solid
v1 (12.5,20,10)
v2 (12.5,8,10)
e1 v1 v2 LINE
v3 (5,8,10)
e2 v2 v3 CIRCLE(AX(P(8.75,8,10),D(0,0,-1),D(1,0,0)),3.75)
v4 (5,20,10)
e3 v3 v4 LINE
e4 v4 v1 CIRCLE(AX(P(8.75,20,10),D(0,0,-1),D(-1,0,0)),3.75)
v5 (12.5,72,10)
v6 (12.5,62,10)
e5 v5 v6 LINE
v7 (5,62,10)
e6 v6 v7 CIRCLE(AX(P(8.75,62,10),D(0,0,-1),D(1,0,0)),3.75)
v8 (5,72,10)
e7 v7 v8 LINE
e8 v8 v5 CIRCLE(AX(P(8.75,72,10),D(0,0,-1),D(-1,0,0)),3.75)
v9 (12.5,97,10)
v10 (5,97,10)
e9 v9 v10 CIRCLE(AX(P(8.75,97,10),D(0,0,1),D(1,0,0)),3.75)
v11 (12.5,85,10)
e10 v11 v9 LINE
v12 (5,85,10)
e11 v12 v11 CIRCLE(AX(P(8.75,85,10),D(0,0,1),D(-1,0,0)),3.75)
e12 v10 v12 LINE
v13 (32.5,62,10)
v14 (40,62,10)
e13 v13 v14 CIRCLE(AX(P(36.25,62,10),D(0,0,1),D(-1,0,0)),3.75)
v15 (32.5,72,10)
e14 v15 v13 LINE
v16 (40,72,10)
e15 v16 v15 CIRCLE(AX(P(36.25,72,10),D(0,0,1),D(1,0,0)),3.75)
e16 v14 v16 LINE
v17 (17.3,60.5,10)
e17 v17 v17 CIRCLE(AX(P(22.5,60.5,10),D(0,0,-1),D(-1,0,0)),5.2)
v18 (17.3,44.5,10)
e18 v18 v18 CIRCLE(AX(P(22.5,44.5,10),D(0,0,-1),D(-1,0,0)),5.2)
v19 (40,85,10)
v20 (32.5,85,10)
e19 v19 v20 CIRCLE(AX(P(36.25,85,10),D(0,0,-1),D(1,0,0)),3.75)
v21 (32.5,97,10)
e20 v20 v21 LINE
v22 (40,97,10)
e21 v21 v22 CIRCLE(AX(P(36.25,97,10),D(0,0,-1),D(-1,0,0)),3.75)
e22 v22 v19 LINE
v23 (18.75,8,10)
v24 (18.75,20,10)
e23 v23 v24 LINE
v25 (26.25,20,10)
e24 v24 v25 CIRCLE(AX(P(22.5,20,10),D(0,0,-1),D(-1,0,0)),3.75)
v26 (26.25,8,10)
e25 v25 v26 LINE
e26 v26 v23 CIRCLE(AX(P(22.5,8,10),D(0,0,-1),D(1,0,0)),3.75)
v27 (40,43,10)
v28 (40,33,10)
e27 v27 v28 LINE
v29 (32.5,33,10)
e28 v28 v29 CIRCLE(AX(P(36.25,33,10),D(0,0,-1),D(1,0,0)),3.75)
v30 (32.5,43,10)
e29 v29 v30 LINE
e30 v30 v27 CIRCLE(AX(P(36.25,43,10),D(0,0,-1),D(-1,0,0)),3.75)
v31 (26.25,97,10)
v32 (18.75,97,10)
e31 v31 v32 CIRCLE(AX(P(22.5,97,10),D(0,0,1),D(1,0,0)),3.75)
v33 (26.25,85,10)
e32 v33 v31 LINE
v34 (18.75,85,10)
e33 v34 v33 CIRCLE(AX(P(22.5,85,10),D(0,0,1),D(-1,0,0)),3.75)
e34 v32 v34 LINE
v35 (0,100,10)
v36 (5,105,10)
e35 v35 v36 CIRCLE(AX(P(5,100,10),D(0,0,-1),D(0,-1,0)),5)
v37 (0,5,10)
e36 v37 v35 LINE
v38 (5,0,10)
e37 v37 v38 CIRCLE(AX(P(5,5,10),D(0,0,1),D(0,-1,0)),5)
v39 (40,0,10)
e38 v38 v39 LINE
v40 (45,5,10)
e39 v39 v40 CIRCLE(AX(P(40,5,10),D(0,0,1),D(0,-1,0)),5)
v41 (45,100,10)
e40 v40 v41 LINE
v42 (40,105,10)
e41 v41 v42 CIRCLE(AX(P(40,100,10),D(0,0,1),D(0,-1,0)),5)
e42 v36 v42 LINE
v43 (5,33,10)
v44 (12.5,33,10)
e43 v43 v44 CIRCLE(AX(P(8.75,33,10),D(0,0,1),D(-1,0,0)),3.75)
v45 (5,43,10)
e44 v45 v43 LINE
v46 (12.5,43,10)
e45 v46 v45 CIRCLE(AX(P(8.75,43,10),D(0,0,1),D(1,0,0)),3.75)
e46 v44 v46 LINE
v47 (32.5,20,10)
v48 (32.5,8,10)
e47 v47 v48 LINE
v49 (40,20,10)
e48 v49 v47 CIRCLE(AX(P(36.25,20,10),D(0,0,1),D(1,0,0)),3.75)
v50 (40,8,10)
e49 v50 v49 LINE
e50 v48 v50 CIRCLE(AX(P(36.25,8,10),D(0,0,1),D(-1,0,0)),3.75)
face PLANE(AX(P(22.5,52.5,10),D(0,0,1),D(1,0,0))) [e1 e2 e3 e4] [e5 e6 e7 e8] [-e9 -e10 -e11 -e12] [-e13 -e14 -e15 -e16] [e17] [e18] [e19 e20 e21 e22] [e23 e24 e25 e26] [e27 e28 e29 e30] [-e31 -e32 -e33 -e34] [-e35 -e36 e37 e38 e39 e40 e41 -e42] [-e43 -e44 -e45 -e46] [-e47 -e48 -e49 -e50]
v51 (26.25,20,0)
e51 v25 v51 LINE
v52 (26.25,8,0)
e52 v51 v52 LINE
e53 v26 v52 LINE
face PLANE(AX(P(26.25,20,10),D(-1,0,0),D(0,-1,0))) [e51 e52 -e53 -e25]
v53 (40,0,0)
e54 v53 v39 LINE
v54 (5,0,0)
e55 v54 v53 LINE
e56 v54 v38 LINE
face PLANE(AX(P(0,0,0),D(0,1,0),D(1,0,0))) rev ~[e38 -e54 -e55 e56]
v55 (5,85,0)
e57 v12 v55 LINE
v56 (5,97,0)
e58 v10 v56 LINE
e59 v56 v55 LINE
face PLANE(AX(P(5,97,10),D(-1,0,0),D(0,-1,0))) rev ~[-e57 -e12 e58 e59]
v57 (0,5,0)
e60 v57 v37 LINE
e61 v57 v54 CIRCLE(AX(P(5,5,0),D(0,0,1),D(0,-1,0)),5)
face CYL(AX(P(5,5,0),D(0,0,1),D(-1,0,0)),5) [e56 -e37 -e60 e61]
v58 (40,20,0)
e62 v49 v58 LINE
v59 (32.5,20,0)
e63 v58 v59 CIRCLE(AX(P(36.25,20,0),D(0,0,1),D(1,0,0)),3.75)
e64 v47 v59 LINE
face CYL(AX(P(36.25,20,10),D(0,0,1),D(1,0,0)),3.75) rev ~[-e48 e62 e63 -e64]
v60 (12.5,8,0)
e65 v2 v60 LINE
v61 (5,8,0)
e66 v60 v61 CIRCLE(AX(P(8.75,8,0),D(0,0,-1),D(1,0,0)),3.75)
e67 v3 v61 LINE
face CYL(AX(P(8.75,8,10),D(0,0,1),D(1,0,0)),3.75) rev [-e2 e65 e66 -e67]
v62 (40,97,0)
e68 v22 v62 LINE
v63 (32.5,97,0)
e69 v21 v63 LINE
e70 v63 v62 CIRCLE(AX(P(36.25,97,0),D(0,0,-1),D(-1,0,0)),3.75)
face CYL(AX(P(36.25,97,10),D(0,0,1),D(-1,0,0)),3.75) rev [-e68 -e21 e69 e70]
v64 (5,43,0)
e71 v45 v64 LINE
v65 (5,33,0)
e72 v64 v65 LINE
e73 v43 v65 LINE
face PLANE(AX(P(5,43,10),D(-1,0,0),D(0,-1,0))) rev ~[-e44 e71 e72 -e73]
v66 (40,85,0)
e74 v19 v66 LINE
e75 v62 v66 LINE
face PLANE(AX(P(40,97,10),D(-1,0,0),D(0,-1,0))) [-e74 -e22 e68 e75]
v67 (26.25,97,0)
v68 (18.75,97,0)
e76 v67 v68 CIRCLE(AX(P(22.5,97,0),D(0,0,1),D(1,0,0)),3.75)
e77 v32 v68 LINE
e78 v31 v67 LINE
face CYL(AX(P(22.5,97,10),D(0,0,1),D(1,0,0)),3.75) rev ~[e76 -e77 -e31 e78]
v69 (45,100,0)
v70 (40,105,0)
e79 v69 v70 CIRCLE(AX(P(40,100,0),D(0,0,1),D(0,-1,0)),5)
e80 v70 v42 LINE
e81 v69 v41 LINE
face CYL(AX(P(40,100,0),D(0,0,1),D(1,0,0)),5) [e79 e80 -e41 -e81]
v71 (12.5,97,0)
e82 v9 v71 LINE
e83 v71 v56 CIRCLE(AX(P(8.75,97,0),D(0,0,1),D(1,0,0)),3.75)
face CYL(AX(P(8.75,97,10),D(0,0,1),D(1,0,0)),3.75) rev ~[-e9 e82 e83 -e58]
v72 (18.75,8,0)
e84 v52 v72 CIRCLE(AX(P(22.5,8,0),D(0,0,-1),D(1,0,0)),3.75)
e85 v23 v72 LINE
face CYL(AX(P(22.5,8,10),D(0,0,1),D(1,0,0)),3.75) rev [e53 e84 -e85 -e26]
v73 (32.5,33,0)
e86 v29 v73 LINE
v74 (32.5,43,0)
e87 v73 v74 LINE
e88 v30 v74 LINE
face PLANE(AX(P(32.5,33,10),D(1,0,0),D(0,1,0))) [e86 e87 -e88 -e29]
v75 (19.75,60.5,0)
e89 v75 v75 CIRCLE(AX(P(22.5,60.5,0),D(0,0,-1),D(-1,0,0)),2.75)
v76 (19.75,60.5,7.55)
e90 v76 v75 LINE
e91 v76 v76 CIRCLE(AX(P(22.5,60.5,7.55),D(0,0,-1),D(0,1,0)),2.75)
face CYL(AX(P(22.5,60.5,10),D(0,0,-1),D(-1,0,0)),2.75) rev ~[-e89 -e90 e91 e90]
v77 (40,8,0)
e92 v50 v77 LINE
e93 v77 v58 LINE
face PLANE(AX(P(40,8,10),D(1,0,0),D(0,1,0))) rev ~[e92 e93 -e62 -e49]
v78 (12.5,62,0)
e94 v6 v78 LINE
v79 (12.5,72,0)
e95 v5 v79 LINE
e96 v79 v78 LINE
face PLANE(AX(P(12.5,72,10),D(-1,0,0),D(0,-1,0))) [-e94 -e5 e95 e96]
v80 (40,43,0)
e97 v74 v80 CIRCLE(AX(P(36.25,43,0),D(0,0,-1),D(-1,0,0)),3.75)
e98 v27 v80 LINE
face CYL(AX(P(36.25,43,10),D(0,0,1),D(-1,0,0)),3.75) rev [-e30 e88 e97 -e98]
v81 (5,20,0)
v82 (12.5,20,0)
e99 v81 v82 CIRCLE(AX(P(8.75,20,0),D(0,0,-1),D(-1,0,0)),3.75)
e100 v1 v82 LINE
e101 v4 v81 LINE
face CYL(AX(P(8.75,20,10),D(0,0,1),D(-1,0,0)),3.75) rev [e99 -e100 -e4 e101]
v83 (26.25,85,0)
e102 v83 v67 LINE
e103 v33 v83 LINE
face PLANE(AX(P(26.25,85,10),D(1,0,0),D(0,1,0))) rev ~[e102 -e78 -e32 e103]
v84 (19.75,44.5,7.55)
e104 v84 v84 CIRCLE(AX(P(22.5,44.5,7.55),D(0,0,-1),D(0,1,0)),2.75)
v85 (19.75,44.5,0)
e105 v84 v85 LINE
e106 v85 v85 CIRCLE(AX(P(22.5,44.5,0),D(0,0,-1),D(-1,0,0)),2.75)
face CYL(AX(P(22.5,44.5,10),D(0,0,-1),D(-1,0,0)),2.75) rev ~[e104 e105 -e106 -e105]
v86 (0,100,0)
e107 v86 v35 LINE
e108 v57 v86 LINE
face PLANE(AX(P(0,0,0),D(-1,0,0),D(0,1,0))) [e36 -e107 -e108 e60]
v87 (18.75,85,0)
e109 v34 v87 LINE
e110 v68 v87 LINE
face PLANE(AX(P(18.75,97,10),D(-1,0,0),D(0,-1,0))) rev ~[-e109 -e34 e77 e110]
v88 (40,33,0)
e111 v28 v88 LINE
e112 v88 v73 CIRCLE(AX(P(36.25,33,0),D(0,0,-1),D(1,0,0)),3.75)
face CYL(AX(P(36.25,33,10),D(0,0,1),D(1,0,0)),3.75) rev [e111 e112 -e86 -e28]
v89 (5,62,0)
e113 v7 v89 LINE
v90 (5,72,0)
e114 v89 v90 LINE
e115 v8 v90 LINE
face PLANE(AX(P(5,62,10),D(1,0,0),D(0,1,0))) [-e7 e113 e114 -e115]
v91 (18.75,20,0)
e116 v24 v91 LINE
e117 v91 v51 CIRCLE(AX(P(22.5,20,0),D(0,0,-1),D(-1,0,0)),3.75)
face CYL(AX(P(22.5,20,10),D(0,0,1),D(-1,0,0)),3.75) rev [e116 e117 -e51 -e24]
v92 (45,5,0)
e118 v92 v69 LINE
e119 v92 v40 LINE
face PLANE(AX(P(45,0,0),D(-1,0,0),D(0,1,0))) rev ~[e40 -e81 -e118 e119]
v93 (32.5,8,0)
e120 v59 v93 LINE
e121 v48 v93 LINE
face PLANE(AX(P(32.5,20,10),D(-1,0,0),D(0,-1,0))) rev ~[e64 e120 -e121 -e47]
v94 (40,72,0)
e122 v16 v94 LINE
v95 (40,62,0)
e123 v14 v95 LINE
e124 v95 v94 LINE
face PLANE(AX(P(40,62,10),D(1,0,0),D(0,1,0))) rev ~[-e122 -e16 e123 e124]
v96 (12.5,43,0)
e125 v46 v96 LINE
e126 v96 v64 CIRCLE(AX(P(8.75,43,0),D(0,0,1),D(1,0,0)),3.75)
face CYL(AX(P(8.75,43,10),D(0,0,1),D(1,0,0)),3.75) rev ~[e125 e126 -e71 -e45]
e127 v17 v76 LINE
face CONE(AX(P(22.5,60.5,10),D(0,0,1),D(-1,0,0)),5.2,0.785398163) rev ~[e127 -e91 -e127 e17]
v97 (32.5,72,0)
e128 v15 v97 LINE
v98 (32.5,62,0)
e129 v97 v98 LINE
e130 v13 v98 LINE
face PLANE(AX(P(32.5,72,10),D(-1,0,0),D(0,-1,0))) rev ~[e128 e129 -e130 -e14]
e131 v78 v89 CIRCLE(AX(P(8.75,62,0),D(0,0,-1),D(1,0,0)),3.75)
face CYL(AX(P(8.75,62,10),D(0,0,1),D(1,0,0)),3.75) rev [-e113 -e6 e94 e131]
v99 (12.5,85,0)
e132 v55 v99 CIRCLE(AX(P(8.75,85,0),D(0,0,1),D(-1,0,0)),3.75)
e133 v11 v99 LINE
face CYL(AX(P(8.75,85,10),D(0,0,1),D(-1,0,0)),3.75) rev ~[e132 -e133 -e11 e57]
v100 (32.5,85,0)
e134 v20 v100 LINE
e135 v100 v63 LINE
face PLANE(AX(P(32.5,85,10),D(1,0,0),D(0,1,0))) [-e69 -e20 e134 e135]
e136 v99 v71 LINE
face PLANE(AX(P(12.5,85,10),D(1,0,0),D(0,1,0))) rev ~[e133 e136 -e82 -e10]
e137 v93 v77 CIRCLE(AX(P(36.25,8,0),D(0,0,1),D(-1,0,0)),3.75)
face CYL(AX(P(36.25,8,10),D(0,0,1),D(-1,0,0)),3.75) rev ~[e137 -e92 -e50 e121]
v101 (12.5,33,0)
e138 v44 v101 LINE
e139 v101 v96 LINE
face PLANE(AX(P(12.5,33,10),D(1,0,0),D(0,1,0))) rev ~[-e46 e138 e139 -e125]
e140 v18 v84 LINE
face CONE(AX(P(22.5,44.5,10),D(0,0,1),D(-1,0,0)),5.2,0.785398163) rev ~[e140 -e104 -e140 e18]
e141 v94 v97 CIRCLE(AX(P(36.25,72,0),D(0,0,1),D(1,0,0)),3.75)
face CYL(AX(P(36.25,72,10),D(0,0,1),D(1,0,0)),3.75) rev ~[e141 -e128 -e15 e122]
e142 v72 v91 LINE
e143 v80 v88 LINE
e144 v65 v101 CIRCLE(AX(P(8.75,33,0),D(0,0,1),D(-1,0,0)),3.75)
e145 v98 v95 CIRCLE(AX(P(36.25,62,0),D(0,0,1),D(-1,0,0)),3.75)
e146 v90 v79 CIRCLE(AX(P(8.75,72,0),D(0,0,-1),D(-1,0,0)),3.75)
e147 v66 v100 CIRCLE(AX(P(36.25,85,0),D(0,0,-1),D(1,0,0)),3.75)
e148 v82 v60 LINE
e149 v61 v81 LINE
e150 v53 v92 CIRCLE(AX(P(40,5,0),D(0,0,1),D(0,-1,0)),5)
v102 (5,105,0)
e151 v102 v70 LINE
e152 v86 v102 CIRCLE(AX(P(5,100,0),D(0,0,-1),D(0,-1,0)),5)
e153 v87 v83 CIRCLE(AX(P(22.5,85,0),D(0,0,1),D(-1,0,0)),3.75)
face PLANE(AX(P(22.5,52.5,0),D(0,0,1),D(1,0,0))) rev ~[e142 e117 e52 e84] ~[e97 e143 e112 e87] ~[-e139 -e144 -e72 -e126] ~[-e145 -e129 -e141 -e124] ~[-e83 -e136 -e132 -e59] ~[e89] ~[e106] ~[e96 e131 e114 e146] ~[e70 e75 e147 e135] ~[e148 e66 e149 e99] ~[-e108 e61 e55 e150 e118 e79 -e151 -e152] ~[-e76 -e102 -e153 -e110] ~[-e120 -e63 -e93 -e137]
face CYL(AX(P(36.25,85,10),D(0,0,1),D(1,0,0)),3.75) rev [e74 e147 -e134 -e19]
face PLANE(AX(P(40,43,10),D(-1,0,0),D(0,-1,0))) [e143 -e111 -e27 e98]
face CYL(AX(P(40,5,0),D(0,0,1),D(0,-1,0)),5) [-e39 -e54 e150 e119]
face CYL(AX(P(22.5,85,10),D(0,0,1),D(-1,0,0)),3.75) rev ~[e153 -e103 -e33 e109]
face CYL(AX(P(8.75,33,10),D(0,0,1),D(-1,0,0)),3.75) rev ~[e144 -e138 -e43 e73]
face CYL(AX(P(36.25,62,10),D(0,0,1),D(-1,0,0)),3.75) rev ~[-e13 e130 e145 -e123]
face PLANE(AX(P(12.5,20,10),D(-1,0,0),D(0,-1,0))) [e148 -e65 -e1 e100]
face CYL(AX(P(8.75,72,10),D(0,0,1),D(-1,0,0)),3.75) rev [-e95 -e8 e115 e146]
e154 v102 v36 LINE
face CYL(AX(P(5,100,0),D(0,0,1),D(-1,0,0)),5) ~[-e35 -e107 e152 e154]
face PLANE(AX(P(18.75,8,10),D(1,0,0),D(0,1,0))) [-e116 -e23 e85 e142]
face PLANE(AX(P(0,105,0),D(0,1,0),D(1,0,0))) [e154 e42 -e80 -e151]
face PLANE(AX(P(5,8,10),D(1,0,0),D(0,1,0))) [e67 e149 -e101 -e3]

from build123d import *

# Parameters (mm, degrees)
SKETCH1_W                                     = 45
SKETCH1_H                                     = 105
BOSS_EXTRUDE1_DEPTH                           = 10
FILLET1_R                                     = 5
CUT_EXTRUDE1_DEPTH                            = 10
CSK_FOR_M5_COUNTERSUNK_FLAT_HEAD1_D           = 5.5
CSK_FOR_M5_COUNTERSUNK_FLAT_HEAD1_DEPTH       = 30
CSK_FOR_M5_COUNTERSUNK_FLAT_HEAD1_CSINK_D     = 10.4
CSK_FOR_M5_COUNTERSUNK_FLAT_HEAD1_CSINK_ANGLE = 90
CSK_FOR_M5_COUNTERSUNK_FLAT_HEAD1_TIP         = 1.652366702


with BuildPart() as part:
    # Sketch1 → Boss-Extrude1 (new body)
    with BuildSketch(Plane.XY):
        with Locations((22.5, 52.5)):
            Rectangle(SKETCH1_W, SKETCH1_H)
    extrude(amount=BOSS_EXTRUDE1_DEPTH)

    # Fillet1
    fillet1_edges = [part.edges().sort_by_distance(p)[0] for p in [
        (0, 105, 5),
        (45, 105, 5),
        (45, 0, 5),
        (0, 0, 5),
    ]]
    fillet(fillet1_edges, radius=FILLET1_R)

    # Sketch2 → Cut-Extrude1 (cut)
    with BuildSketch(Plane.XY.offset(10)):
        with BuildLine():
            Line((12.5, 20), (12.5, 8))
            ThreePointArc((12.5, 8), (8.75, 4.25), (5, 8))
            Line((5, 8), (5, 20))
            ThreePointArc((5, 20), (8.75, 23.75), (12.5, 20))
        make_face()
        with BuildLine():
            Line((12.5, 72), (12.5, 62))
            ThreePointArc((12.5, 62), (8.75, 58.25), (5, 62))
            Line((5, 62), (5, 72))
            ThreePointArc((5, 72), (8.75, 75.75), (12.5, 72))
        make_face()
        with BuildLine():
            Line((32.5, 20), (32.5, 8))
            ThreePointArc((32.5, 8), (36.25, 4.25), (40, 8))
            Line((40, 8), (40, 20))
            ThreePointArc((40, 20), (36.25, 23.75), (32.5, 20))
        make_face()
        with BuildLine():
            Line((32.5, 72), (32.5, 62))
            ThreePointArc((32.5, 62), (36.25, 58.25), (40, 62))
            Line((40, 62), (40, 72))
            ThreePointArc((40, 72), (36.25, 75.75), (32.5, 72))
        make_face()
        with BuildLine():
            Line((32.5, 85), (32.5, 97))
            ThreePointArc((32.5, 97), (36.25, 100.75), (40, 97))
            Line((40, 97), (40, 85))
            ThreePointArc((40, 85), (36.25, 81.25), (32.5, 85))
        make_face()
        with BuildLine():
            Line((32.5, 33), (32.5, 43))
            ThreePointArc((32.5, 43), (36.25, 46.75), (40, 43))
            Line((40, 43), (40, 33))
            ThreePointArc((40, 33), (36.25, 29.25), (32.5, 33))
        make_face()
        with BuildLine():
            Line((12.5, 85), (12.5, 97))
            ThreePointArc((12.5, 97), (8.75, 100.75), (5, 97))
            Line((5, 97), (5, 85))
            ThreePointArc((5, 85), (8.75, 81.25), (12.5, 85))
        make_face()
        with BuildLine():
            Line((26.25, 85), (26.25, 97))
            ThreePointArc((26.25, 97), (22.5, 100.75), (18.75, 97))
            Line((18.75, 97), (18.75, 85))
            ThreePointArc((18.75, 85), (22.5, 81.25), (26.25, 85))
        make_face()
        with BuildLine():
            Line((26.25, 20), (26.25, 8))
            ThreePointArc((26.25, 8), (22.5, 4.25), (18.75, 8))
            Line((18.75, 8), (18.75, 20))
            ThreePointArc((18.75, 20), (22.5, 23.75), (26.25, 20))
        make_face()
        with BuildLine():
            Line((12.5, 33), (12.5, 43))
            ThreePointArc((12.5, 43), (8.75, 46.75), (5, 43))
            Line((5, 43), (5, 33))
            ThreePointArc((5, 33), (8.75, 29.25), (12.5, 33))
        make_face()
    extrude(amount=-CUT_EXTRUDE1_DEPTH, mode=Mode.SUBTRACT)

    # CSK for M5 Countersunk Flat Head1
    with Locations(Plane.XY.offset(10)):
        with Locations((22.5, 60.5), (22.5, 44.5)):
            CounterSinkHole(CSK_FOR_M5_COUNTERSUNK_FLAT_HEAD1_D / 2, CSK_FOR_M5_COUNTERSUNK_FLAT_HEAD1_CSINK_D / 2, depth=CSK_FOR_M5_COUNTERSUNK_FLAT_HEAD1_DEPTH, counter_sink_angle=CSK_FOR_M5_COUNTERSUNK_FLAT_HEAD1_CSINK_ANGLE)
            with Locations((0, 0, -(CSK_FOR_M5_COUNTERSUNK_FLAT_HEAD1_DEPTH + CSK_FOR_M5_COUNTERSUNK_FLAT_HEAD1_TIP / 2))):  # 118° drill point
                Cone(0, CSK_FOR_M5_COUNTERSUNK_FLAT_HEAD1_D / 2, CSK_FOR_M5_COUNTERSUNK_FLAT_HEAD1_TIP, mode=Mode.SUBTRACT)


solid = part.part
